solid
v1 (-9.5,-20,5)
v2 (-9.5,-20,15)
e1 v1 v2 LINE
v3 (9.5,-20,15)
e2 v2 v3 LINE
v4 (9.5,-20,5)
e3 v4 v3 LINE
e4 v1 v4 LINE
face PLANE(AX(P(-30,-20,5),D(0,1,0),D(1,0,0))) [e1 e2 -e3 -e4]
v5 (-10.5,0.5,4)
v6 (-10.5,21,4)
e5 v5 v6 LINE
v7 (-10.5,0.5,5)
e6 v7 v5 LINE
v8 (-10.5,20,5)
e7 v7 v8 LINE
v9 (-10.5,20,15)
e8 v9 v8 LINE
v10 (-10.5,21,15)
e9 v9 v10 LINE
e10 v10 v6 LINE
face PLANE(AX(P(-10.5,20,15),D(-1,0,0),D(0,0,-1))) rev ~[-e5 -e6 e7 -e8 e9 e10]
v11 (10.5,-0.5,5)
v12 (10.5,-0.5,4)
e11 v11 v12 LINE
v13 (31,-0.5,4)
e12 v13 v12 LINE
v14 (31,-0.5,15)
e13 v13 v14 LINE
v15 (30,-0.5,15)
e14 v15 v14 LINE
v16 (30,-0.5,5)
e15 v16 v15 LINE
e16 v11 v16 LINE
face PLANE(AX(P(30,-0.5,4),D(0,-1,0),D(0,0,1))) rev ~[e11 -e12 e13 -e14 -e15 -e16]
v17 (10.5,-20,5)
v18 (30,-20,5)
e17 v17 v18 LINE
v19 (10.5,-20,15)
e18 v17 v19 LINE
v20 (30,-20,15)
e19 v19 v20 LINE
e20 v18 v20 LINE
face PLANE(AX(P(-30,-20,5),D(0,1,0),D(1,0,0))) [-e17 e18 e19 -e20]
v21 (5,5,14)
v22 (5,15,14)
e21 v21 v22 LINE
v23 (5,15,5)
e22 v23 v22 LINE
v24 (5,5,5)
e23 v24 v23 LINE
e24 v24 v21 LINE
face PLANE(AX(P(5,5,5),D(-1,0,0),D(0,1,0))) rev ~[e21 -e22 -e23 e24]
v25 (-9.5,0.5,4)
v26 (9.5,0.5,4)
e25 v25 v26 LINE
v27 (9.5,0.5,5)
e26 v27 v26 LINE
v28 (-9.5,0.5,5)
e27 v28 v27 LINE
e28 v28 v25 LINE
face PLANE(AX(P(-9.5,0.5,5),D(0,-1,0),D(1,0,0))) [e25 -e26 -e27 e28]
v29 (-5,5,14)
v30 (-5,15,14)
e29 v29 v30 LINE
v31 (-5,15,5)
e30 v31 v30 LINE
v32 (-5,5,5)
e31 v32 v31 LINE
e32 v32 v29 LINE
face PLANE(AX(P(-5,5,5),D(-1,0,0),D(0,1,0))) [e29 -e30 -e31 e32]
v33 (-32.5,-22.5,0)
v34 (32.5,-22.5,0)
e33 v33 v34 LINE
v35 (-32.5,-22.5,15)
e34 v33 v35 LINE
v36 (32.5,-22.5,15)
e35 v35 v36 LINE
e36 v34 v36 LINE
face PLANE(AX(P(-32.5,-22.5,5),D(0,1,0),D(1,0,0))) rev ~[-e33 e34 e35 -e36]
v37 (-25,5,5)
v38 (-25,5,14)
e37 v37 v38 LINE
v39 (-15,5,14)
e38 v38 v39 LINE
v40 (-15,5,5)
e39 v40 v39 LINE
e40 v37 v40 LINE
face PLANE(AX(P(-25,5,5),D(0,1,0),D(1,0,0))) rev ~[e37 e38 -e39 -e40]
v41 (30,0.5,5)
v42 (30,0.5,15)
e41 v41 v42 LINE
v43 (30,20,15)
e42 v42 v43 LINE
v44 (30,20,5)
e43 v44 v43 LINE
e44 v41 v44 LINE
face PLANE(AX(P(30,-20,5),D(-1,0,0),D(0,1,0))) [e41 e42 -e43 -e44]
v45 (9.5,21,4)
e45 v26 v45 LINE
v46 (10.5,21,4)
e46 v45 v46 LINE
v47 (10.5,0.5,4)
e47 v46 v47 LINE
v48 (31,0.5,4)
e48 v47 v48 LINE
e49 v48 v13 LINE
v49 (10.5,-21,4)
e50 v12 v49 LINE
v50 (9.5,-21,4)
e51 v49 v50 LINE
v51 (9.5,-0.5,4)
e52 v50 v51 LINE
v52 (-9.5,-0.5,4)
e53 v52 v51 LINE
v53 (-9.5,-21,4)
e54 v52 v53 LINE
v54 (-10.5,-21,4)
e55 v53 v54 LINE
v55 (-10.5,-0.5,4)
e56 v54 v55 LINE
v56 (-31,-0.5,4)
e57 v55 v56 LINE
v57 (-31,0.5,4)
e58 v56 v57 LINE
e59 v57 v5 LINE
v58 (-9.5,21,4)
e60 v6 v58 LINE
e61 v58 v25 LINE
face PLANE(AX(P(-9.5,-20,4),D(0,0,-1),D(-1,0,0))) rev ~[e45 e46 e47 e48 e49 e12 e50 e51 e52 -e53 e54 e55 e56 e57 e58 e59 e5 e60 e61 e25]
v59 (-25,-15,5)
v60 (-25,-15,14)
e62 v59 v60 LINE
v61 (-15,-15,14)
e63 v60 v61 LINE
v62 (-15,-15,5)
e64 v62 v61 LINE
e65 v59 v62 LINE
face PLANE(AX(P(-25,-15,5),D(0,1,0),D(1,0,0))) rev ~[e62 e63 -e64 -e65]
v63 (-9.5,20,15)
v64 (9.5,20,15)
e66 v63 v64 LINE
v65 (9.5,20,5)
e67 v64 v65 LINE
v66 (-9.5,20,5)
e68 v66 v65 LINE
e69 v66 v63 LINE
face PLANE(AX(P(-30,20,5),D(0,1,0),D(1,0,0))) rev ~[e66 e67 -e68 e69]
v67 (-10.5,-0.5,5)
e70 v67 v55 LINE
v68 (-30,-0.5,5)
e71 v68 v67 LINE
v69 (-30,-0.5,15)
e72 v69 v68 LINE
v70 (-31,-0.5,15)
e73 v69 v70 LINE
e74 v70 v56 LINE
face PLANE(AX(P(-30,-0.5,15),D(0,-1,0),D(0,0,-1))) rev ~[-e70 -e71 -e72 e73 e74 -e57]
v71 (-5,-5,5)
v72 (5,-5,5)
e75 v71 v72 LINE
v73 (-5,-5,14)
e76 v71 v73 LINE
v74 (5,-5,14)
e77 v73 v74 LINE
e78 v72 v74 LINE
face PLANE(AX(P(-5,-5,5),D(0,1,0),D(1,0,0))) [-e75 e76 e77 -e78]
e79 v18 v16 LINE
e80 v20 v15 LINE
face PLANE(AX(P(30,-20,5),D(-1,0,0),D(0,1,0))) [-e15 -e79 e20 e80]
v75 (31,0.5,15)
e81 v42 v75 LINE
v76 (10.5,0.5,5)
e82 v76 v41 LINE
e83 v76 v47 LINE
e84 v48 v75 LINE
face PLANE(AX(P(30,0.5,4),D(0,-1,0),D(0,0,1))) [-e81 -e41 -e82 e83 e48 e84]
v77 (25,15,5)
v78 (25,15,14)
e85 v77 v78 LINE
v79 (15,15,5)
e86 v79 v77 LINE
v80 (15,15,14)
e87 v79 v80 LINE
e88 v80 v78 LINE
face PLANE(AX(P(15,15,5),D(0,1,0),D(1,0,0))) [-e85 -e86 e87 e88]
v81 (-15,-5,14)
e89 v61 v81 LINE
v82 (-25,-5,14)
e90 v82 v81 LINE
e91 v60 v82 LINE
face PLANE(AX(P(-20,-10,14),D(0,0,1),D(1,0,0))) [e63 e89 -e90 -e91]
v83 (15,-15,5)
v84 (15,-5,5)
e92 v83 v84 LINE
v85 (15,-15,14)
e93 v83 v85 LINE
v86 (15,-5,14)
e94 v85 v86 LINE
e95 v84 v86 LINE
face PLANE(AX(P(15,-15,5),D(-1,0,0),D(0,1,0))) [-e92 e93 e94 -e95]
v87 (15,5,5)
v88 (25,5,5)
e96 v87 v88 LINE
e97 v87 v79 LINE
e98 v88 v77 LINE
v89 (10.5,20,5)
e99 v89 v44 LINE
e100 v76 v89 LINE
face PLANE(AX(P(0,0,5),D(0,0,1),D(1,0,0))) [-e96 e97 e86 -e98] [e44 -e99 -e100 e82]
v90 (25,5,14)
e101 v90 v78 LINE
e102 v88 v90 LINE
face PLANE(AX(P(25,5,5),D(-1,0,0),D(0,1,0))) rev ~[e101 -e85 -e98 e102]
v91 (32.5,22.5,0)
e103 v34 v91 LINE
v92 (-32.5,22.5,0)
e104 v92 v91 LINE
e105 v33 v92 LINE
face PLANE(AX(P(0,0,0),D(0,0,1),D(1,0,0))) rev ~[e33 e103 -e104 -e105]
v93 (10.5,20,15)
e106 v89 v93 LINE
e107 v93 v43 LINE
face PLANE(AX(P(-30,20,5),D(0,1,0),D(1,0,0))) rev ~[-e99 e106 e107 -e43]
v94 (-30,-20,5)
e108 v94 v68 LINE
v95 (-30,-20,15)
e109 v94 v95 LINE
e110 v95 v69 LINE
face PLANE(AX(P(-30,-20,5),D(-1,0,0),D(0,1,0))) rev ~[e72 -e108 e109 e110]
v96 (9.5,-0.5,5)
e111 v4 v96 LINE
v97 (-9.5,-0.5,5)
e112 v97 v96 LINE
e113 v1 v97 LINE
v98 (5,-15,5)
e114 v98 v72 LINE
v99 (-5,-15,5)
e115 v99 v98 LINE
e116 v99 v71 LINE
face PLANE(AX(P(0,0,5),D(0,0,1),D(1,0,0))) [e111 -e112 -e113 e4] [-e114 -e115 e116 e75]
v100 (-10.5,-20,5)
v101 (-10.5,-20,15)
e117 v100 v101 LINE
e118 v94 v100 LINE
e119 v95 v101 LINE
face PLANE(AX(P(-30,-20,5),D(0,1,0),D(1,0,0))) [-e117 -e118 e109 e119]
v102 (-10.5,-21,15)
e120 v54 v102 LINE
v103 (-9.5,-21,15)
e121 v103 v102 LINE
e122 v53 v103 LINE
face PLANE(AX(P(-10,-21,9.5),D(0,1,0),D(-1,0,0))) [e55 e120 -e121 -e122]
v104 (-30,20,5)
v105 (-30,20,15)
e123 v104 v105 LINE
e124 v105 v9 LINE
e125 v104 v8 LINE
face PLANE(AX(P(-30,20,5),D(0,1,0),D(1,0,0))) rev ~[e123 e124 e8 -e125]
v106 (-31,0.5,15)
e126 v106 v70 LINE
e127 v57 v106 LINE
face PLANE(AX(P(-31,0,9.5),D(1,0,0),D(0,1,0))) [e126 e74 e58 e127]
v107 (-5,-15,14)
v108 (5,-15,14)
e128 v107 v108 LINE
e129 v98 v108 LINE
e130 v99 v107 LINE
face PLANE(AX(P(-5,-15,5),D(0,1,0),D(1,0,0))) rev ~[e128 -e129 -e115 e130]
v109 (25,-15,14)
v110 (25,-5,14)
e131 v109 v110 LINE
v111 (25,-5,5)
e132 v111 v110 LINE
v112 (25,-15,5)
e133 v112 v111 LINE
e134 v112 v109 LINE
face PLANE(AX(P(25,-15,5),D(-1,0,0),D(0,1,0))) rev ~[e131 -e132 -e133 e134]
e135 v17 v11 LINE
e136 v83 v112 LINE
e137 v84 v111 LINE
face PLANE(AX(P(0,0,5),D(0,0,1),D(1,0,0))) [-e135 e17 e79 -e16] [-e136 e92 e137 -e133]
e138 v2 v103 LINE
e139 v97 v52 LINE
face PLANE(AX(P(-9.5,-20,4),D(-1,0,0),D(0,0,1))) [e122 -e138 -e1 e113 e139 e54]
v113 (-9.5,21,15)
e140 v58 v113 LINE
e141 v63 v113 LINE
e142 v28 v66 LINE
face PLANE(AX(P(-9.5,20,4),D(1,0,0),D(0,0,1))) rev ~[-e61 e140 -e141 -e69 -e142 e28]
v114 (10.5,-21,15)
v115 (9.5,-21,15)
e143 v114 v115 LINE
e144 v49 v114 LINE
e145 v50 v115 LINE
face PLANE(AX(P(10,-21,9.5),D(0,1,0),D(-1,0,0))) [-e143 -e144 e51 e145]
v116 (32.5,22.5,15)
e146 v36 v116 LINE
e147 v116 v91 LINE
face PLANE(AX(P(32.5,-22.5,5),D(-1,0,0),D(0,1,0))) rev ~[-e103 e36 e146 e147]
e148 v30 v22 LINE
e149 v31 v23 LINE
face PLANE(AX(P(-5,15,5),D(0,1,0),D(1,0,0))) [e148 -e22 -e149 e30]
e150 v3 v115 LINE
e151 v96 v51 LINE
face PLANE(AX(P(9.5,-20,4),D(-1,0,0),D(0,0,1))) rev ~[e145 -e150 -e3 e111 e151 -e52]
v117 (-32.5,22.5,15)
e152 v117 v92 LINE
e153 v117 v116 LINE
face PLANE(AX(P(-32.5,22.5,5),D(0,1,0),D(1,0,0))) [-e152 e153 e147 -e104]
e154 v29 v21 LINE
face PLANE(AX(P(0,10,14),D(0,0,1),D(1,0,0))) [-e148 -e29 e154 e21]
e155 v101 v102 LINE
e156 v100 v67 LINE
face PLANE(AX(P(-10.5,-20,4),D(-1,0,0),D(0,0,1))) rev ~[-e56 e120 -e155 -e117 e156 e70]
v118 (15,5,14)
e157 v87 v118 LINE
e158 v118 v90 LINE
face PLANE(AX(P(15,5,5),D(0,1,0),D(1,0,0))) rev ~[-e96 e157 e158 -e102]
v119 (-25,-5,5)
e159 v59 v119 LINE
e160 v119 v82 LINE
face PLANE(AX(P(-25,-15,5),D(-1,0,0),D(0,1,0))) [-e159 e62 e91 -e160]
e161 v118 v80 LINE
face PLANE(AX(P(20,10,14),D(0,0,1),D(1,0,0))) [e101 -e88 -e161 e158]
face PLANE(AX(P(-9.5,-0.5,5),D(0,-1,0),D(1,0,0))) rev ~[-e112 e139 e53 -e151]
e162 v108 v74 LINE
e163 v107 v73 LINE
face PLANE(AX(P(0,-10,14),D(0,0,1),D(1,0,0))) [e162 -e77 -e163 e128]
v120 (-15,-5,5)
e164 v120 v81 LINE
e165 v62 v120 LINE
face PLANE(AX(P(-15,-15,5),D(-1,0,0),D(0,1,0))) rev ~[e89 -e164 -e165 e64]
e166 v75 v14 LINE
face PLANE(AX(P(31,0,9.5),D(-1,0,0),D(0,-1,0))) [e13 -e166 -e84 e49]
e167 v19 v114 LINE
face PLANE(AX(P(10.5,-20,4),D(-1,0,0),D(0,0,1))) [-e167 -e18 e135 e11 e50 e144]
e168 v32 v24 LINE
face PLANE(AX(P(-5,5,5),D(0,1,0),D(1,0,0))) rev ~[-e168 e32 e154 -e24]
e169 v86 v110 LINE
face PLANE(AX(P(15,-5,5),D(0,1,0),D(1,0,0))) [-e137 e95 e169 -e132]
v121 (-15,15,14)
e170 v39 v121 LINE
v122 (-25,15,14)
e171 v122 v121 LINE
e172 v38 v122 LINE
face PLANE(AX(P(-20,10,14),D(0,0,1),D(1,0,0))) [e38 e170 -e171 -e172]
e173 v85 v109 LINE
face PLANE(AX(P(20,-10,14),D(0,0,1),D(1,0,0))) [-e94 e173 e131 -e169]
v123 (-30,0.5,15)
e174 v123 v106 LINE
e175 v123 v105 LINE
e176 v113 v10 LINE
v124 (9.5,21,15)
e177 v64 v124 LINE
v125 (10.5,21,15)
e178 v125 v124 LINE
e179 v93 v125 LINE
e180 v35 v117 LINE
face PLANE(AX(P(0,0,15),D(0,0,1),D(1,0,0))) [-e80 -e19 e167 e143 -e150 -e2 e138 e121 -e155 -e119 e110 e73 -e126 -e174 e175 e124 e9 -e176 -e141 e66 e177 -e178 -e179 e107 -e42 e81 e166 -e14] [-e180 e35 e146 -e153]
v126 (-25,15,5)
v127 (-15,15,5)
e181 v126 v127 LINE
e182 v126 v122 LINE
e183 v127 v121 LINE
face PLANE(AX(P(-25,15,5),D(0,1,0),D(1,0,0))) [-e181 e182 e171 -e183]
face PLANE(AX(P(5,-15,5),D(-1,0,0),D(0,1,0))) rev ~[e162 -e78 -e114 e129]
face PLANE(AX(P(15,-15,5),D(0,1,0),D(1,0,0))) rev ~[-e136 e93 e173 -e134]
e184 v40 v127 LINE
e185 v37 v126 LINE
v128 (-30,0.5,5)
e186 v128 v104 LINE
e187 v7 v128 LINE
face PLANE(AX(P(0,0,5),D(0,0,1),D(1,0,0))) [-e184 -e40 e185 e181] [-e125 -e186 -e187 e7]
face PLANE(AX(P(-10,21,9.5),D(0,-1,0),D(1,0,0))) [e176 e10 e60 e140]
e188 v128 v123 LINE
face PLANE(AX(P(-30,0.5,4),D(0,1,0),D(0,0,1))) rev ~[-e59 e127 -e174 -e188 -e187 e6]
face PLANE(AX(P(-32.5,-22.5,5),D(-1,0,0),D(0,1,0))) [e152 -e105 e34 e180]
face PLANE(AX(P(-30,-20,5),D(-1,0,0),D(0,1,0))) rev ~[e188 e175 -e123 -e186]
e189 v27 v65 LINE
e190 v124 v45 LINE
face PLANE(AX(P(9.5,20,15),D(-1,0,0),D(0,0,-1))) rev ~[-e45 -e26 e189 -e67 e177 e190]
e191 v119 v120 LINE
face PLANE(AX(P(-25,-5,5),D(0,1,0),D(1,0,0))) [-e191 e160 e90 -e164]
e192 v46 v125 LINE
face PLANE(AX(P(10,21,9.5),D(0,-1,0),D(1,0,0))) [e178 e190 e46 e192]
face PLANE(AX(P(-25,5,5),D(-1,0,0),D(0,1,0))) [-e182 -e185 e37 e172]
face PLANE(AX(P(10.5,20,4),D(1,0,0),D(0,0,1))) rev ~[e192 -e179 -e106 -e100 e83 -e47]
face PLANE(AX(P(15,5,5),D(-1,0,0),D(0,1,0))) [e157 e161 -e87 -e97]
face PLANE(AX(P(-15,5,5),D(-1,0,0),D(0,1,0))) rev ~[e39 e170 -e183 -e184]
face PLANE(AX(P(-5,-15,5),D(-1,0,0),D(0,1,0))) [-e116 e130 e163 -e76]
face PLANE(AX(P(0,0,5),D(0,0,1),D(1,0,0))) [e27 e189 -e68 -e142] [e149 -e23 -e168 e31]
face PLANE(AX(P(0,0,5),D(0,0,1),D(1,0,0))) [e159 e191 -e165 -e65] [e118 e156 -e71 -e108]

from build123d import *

# Parameters (mm, degrees)
F0_W      = 65
F0_H      = 45
F1_DEPTH  = 5
F2_W      = 65
F2_H      = 45
F2_W_2    = 60
F2_H_2    = 40
F3_DEPTH  = 10
F4_W      = 19.5
F4_H      = 1
F4_W_2    = 1
F4_H_2    = 19.5
F4_W_3    = 19
F5_DEPTH  = 1
F7_DEPTH  = 1
F11_DEPTH = 1
F9_W      = 1
F9_H      = 11
F12_DEPTH = 1
F8_W      = 1
F8_H      = 11
F13_DEPTH = 1
F14_W     = 10
F14_H     = 10
F15_DEPTH = 9


with BuildPart() as f1:
    # F0 (on Top) → F1 (new body)
    with BuildSketch(Plane.XY):
        Rectangle(F0_W, F0_H)
    extrude(amount=F1_DEPTH)

    # F2 (on face) → F3 (join)
    with BuildSketch(Plane.XY.offset(5)):
        Rectangle(F2_W, F2_H)
        Rectangle(F2_W_2, F2_H_2, mode=Mode.SUBTRACT)
    extrude(amount=F3_DEPTH)

    # F4 (on face) → F5 (cut)
    with BuildSketch(Plane.XY.offset(5)):
        with Locations((-20.25, 0)):
            Rectangle(F4_W, F4_H)
        with Locations((-10, 0)):
            Rectangle(F4_W_2, F4_H)
        with Locations((-10, 10.25)):
            Rectangle(F4_W_2, F4_H_2)
        with Locations((-10, -10.25)):
            Rectangle(F4_W_2, F4_H_2)
        Rectangle(F4_W_3, F4_H)
        with Locations((10, 10.25)):
            Rectangle(F4_W_2, F4_H_2)
        with Locations((10, -10.25)):
            Rectangle(F4_W_2, F4_H_2)
        with Locations((20.25, 0)):
            Rectangle(F4_W, F4_H)
        with Locations((10, 0)):
            Rectangle(F4_W_2, F4_H)
    extrude(amount=-F5_DEPTH, mode=Mode.SUBTRACT)

    # F6 (on face) → F7 (cut)
    with BuildSketch(Plane.XZ.offset(-20)):
        Polygon((-10.5, 5), (-10.5, 4), (-9.5, 4), (-9.5, 5), (-9.5, 15), (-10.5, 15), align=None)
        Polygon((9.5, 15), (9.5, 5), (9.5, 4), (10.5, 4), (10.5, 5), (10.5, 15), align=None)
    extrude(amount=-F7_DEPTH, mode=Mode.SUBTRACT)

    # F10 (on face) → F11 (cut)
    with BuildSketch(Plane.YZ.offset(-30)):
        Polygon((-0.5, 5), (-0.5, 4), (0.5, 4), (0.5, 5), (0.5, 15), (-0.5, 15), align=None)
    extrude(amount=-F11_DEPTH, mode=Mode.SUBTRACT)

    # F9 (on face) → F12 (cut)
    with BuildSketch(Plane(origin=(0, -20, 0), x_dir=(-1, 0, 0), z_dir=(0, 1, 0))):
        with Locations((-10, 9.5)):
            Rectangle(F9_W, F9_H)
        with Locations((10, 9.5)):
            Rectangle(F9_W, F9_H)
    extrude(amount=-F12_DEPTH, mode=Mode.SUBTRACT)

    # F8 (on face) → F13 (cut)
    with BuildSketch(Plane(origin=(30, 0, 0), x_dir=(0, -1, 0), z_dir=(-1, 0, 0))):
        with Locations((0, 9.5)):
            Rectangle(F8_W, F8_H)
    extrude(amount=-F13_DEPTH, mode=Mode.SUBTRACT)

    # F14 (on face) → F15 (join)
    with BuildSketch(Plane.XY.offset(5)):
        with Locations((-20, 10)):
            Rectangle(F14_W, F14_H)
        with Locations((0, 10)):
            Rectangle(F14_W, F14_H)
        with Locations((20, 10)):
            Rectangle(F14_W, F14_H)
        with Locations((20, -10)):
            Rectangle(F14_W, F14_H)
        with Locations((0, -10)):
            Rectangle(F14_W, F14_H)
        with Locations((-20, -10)):
            Rectangle(F14_W, F14_H)
    extrude(amount=F15_DEPTH)


solid = f1.part
